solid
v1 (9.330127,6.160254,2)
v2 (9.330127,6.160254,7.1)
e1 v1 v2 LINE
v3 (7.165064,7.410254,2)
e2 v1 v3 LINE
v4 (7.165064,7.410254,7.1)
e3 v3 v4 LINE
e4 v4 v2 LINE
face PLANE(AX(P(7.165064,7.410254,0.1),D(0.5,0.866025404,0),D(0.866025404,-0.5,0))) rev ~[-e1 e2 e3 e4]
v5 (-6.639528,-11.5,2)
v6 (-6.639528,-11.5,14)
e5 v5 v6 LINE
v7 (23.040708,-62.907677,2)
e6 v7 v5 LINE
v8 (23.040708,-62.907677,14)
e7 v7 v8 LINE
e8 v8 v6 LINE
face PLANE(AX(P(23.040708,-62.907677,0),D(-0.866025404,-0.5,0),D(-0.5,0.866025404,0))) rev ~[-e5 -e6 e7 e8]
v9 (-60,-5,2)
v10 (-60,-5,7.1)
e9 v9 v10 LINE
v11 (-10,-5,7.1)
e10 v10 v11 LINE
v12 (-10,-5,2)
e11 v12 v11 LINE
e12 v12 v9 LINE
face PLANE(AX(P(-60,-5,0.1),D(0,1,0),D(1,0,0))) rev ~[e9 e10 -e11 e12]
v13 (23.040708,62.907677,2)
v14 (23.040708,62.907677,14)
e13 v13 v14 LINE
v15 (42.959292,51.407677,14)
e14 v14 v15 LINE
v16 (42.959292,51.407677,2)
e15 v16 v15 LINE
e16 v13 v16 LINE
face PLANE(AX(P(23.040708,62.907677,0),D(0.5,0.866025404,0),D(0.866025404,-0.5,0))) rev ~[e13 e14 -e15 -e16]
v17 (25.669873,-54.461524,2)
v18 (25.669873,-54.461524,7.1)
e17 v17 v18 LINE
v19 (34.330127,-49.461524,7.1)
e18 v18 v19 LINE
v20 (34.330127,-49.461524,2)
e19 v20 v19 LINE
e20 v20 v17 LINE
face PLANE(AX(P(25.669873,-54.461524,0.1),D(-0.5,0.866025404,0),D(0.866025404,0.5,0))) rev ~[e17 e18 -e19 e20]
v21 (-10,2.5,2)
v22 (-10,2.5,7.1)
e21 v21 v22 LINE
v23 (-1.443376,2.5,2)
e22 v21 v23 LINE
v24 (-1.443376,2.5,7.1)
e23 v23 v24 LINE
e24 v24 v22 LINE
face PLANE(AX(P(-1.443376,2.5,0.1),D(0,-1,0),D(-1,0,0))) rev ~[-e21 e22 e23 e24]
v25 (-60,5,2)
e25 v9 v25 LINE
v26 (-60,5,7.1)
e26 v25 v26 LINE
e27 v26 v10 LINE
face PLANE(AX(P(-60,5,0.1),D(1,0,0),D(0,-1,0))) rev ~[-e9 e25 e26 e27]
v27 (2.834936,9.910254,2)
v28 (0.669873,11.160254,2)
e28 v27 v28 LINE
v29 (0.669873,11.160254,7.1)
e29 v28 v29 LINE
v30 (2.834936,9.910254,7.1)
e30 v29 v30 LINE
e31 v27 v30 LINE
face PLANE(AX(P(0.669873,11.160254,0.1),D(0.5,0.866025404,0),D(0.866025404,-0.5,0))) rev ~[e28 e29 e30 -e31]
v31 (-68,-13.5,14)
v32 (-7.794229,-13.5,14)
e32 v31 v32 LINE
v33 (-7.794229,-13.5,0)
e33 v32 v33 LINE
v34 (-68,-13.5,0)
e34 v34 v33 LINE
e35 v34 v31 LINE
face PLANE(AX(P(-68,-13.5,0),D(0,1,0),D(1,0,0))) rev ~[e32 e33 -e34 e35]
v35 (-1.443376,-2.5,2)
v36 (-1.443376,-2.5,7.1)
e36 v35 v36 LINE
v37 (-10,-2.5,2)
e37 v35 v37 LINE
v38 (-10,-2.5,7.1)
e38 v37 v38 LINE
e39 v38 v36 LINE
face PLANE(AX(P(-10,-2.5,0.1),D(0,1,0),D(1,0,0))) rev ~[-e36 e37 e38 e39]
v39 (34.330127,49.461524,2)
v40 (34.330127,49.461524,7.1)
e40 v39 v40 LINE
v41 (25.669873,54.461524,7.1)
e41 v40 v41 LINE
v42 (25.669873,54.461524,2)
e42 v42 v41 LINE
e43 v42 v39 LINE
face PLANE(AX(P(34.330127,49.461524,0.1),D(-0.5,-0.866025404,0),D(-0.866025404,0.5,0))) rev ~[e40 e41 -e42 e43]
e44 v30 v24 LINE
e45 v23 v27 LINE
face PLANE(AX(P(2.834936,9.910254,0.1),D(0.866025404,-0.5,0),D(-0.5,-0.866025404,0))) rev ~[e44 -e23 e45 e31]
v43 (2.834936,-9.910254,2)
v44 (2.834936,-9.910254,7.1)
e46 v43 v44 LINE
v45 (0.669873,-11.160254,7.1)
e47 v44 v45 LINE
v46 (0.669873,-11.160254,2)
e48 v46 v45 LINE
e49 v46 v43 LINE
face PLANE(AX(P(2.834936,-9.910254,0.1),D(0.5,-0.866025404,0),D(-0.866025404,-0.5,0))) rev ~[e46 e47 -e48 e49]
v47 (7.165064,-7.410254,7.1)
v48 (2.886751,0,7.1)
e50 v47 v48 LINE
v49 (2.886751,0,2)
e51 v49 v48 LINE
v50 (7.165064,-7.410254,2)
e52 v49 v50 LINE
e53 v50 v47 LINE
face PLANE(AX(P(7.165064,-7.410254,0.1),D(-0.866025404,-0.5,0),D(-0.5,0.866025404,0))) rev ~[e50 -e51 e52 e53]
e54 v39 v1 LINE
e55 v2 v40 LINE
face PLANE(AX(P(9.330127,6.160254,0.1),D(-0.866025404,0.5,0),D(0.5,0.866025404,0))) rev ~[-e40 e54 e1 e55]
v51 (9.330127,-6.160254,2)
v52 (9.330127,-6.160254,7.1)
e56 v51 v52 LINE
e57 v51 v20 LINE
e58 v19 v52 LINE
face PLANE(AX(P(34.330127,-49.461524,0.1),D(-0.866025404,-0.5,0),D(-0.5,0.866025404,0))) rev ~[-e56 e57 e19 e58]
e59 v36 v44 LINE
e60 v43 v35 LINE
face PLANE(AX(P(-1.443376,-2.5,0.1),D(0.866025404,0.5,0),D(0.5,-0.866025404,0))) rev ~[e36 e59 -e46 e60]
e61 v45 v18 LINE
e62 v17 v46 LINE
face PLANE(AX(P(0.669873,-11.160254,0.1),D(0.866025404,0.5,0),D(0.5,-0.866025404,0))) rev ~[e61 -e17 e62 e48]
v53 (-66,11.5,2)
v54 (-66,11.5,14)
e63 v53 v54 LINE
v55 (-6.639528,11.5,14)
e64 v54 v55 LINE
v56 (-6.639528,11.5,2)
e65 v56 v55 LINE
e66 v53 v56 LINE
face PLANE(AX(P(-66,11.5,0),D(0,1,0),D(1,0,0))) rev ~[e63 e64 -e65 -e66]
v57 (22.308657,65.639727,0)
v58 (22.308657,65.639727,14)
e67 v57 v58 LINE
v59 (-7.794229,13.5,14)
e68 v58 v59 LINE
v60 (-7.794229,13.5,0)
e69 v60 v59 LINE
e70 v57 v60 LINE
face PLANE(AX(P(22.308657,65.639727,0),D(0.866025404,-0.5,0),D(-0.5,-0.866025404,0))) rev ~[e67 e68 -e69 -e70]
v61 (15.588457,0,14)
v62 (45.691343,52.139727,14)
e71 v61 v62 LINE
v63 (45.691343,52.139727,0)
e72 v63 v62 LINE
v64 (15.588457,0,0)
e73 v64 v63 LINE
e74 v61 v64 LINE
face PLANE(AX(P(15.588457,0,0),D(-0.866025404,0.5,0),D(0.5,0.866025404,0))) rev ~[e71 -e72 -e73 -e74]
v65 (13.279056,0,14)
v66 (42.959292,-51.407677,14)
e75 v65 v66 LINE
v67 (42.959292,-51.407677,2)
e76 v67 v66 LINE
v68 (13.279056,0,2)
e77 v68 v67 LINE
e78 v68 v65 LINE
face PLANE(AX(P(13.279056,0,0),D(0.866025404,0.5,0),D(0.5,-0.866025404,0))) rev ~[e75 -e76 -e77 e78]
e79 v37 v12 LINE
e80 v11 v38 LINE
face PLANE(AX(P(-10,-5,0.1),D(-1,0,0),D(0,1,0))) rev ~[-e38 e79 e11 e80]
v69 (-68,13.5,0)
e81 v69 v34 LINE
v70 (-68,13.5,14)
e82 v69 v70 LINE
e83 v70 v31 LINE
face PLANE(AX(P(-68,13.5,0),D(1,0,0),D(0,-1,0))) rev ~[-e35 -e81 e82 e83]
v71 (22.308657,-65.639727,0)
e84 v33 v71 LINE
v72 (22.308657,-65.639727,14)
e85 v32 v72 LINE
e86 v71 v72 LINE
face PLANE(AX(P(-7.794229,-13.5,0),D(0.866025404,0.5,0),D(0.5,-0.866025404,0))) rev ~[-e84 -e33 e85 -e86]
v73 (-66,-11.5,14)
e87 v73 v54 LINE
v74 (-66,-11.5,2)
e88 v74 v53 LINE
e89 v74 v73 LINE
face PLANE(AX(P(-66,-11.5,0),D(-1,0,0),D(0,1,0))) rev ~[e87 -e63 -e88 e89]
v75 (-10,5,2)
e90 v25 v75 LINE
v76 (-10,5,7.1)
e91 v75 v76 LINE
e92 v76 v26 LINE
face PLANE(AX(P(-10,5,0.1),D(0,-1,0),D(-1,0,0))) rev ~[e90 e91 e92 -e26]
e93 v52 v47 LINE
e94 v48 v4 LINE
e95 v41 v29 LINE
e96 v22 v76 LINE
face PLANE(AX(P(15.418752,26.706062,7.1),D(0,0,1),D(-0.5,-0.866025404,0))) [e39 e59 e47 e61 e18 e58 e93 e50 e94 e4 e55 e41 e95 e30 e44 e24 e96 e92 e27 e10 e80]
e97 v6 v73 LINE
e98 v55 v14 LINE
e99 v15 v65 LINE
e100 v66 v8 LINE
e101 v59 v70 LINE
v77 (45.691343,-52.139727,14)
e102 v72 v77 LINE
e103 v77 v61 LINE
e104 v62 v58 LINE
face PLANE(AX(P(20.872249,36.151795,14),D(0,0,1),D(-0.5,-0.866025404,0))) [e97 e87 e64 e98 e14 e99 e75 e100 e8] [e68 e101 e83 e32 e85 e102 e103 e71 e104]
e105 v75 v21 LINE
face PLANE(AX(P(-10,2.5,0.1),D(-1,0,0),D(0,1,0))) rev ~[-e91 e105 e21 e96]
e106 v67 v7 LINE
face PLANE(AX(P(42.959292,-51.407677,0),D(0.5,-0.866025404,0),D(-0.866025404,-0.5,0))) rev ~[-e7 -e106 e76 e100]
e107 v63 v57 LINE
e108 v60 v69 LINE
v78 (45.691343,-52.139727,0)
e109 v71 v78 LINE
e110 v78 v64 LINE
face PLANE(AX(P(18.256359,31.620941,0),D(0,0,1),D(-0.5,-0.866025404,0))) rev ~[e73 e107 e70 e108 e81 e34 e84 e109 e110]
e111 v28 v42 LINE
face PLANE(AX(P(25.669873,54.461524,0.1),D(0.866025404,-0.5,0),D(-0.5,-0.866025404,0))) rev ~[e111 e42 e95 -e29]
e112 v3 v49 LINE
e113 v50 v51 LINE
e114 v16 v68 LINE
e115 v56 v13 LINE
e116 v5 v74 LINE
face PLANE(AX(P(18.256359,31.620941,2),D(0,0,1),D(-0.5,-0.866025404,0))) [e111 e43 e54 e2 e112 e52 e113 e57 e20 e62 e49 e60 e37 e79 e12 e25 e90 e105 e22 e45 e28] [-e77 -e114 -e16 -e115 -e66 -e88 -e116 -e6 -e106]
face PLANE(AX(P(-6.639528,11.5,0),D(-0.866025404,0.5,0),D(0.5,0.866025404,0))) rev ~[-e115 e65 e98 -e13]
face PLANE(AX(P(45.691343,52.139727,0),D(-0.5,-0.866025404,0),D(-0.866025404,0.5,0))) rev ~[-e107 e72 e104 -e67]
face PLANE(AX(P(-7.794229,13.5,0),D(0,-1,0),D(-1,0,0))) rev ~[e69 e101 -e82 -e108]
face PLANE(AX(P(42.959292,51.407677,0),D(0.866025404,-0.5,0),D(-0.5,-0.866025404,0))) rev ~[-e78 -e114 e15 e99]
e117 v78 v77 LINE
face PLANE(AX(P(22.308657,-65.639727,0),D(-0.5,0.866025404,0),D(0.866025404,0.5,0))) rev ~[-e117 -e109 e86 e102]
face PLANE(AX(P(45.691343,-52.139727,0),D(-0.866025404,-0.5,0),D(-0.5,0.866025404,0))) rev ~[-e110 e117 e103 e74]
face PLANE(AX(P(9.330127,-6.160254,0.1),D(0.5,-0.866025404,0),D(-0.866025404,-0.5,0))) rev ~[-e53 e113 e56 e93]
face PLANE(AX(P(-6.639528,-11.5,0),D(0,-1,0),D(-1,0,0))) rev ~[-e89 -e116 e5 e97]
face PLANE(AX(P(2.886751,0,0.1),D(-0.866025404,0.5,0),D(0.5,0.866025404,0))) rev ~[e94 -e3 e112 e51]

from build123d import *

# Parameters (mm, degrees)
PAD_DEPTH    = 2
PAD001_DEPTH = 7
PAD002_DEPTH = 14
ARRAY_COUNT  = 3


with BuildPart() as pad:
    # Sketch → Pad (new body)
    with BuildSketch(Plane.XY):
        Polygon((0, 0), (-7.7942286341, 13.5), (-68, 13.5), (-68, -13.5), (-7.7942286341, -13.5), align=None)
    extrude(amount=PAD_DEPTH)


with BuildPart() as pad001:
    # Sketch001 → Pad001 (new body)
    with BuildSketch(Plane.XY.offset(0.1)):
        Polygon((0, 0), (-1.443375673, 2.5), (-10, 2.5), (-10, 5), (-60, 5), (-60, -5), (-10, -5), (-10, -2.5), (-1.443375673, -2.5), align=None)
    extrude(amount=PAD001_DEPTH)


with BuildPart() as array:
    # Sketch002 → Pad002 (new body)
    with BuildSketch(Plane.XY):
        Polygon((-6.6395280957, 11.5), (-7.7942286341, 13.5), (-68, 13.5), (-68, -13.5), (-7.7942286341, -13.5), (-6.6395280957, -11.5), (-66, -11.5), (-66, 11.5), align=None)
    extrude(amount=PAD002_DEPTH)

    # Fusion: union Pad, Pad001
    add(pad.part)
    add(pad001.part)

    # Array: Array ×3 about axis
    array_axis = Axis((0, 0, 0), (0, 0, 1))


with BuildPart() as array_1:
    add(array.part)
    for i in range(1, ARRAY_COUNT):
        add(array.part.rotate(array_axis, i * 360 / ARRAY_COUNT))


solid = array_1.part
